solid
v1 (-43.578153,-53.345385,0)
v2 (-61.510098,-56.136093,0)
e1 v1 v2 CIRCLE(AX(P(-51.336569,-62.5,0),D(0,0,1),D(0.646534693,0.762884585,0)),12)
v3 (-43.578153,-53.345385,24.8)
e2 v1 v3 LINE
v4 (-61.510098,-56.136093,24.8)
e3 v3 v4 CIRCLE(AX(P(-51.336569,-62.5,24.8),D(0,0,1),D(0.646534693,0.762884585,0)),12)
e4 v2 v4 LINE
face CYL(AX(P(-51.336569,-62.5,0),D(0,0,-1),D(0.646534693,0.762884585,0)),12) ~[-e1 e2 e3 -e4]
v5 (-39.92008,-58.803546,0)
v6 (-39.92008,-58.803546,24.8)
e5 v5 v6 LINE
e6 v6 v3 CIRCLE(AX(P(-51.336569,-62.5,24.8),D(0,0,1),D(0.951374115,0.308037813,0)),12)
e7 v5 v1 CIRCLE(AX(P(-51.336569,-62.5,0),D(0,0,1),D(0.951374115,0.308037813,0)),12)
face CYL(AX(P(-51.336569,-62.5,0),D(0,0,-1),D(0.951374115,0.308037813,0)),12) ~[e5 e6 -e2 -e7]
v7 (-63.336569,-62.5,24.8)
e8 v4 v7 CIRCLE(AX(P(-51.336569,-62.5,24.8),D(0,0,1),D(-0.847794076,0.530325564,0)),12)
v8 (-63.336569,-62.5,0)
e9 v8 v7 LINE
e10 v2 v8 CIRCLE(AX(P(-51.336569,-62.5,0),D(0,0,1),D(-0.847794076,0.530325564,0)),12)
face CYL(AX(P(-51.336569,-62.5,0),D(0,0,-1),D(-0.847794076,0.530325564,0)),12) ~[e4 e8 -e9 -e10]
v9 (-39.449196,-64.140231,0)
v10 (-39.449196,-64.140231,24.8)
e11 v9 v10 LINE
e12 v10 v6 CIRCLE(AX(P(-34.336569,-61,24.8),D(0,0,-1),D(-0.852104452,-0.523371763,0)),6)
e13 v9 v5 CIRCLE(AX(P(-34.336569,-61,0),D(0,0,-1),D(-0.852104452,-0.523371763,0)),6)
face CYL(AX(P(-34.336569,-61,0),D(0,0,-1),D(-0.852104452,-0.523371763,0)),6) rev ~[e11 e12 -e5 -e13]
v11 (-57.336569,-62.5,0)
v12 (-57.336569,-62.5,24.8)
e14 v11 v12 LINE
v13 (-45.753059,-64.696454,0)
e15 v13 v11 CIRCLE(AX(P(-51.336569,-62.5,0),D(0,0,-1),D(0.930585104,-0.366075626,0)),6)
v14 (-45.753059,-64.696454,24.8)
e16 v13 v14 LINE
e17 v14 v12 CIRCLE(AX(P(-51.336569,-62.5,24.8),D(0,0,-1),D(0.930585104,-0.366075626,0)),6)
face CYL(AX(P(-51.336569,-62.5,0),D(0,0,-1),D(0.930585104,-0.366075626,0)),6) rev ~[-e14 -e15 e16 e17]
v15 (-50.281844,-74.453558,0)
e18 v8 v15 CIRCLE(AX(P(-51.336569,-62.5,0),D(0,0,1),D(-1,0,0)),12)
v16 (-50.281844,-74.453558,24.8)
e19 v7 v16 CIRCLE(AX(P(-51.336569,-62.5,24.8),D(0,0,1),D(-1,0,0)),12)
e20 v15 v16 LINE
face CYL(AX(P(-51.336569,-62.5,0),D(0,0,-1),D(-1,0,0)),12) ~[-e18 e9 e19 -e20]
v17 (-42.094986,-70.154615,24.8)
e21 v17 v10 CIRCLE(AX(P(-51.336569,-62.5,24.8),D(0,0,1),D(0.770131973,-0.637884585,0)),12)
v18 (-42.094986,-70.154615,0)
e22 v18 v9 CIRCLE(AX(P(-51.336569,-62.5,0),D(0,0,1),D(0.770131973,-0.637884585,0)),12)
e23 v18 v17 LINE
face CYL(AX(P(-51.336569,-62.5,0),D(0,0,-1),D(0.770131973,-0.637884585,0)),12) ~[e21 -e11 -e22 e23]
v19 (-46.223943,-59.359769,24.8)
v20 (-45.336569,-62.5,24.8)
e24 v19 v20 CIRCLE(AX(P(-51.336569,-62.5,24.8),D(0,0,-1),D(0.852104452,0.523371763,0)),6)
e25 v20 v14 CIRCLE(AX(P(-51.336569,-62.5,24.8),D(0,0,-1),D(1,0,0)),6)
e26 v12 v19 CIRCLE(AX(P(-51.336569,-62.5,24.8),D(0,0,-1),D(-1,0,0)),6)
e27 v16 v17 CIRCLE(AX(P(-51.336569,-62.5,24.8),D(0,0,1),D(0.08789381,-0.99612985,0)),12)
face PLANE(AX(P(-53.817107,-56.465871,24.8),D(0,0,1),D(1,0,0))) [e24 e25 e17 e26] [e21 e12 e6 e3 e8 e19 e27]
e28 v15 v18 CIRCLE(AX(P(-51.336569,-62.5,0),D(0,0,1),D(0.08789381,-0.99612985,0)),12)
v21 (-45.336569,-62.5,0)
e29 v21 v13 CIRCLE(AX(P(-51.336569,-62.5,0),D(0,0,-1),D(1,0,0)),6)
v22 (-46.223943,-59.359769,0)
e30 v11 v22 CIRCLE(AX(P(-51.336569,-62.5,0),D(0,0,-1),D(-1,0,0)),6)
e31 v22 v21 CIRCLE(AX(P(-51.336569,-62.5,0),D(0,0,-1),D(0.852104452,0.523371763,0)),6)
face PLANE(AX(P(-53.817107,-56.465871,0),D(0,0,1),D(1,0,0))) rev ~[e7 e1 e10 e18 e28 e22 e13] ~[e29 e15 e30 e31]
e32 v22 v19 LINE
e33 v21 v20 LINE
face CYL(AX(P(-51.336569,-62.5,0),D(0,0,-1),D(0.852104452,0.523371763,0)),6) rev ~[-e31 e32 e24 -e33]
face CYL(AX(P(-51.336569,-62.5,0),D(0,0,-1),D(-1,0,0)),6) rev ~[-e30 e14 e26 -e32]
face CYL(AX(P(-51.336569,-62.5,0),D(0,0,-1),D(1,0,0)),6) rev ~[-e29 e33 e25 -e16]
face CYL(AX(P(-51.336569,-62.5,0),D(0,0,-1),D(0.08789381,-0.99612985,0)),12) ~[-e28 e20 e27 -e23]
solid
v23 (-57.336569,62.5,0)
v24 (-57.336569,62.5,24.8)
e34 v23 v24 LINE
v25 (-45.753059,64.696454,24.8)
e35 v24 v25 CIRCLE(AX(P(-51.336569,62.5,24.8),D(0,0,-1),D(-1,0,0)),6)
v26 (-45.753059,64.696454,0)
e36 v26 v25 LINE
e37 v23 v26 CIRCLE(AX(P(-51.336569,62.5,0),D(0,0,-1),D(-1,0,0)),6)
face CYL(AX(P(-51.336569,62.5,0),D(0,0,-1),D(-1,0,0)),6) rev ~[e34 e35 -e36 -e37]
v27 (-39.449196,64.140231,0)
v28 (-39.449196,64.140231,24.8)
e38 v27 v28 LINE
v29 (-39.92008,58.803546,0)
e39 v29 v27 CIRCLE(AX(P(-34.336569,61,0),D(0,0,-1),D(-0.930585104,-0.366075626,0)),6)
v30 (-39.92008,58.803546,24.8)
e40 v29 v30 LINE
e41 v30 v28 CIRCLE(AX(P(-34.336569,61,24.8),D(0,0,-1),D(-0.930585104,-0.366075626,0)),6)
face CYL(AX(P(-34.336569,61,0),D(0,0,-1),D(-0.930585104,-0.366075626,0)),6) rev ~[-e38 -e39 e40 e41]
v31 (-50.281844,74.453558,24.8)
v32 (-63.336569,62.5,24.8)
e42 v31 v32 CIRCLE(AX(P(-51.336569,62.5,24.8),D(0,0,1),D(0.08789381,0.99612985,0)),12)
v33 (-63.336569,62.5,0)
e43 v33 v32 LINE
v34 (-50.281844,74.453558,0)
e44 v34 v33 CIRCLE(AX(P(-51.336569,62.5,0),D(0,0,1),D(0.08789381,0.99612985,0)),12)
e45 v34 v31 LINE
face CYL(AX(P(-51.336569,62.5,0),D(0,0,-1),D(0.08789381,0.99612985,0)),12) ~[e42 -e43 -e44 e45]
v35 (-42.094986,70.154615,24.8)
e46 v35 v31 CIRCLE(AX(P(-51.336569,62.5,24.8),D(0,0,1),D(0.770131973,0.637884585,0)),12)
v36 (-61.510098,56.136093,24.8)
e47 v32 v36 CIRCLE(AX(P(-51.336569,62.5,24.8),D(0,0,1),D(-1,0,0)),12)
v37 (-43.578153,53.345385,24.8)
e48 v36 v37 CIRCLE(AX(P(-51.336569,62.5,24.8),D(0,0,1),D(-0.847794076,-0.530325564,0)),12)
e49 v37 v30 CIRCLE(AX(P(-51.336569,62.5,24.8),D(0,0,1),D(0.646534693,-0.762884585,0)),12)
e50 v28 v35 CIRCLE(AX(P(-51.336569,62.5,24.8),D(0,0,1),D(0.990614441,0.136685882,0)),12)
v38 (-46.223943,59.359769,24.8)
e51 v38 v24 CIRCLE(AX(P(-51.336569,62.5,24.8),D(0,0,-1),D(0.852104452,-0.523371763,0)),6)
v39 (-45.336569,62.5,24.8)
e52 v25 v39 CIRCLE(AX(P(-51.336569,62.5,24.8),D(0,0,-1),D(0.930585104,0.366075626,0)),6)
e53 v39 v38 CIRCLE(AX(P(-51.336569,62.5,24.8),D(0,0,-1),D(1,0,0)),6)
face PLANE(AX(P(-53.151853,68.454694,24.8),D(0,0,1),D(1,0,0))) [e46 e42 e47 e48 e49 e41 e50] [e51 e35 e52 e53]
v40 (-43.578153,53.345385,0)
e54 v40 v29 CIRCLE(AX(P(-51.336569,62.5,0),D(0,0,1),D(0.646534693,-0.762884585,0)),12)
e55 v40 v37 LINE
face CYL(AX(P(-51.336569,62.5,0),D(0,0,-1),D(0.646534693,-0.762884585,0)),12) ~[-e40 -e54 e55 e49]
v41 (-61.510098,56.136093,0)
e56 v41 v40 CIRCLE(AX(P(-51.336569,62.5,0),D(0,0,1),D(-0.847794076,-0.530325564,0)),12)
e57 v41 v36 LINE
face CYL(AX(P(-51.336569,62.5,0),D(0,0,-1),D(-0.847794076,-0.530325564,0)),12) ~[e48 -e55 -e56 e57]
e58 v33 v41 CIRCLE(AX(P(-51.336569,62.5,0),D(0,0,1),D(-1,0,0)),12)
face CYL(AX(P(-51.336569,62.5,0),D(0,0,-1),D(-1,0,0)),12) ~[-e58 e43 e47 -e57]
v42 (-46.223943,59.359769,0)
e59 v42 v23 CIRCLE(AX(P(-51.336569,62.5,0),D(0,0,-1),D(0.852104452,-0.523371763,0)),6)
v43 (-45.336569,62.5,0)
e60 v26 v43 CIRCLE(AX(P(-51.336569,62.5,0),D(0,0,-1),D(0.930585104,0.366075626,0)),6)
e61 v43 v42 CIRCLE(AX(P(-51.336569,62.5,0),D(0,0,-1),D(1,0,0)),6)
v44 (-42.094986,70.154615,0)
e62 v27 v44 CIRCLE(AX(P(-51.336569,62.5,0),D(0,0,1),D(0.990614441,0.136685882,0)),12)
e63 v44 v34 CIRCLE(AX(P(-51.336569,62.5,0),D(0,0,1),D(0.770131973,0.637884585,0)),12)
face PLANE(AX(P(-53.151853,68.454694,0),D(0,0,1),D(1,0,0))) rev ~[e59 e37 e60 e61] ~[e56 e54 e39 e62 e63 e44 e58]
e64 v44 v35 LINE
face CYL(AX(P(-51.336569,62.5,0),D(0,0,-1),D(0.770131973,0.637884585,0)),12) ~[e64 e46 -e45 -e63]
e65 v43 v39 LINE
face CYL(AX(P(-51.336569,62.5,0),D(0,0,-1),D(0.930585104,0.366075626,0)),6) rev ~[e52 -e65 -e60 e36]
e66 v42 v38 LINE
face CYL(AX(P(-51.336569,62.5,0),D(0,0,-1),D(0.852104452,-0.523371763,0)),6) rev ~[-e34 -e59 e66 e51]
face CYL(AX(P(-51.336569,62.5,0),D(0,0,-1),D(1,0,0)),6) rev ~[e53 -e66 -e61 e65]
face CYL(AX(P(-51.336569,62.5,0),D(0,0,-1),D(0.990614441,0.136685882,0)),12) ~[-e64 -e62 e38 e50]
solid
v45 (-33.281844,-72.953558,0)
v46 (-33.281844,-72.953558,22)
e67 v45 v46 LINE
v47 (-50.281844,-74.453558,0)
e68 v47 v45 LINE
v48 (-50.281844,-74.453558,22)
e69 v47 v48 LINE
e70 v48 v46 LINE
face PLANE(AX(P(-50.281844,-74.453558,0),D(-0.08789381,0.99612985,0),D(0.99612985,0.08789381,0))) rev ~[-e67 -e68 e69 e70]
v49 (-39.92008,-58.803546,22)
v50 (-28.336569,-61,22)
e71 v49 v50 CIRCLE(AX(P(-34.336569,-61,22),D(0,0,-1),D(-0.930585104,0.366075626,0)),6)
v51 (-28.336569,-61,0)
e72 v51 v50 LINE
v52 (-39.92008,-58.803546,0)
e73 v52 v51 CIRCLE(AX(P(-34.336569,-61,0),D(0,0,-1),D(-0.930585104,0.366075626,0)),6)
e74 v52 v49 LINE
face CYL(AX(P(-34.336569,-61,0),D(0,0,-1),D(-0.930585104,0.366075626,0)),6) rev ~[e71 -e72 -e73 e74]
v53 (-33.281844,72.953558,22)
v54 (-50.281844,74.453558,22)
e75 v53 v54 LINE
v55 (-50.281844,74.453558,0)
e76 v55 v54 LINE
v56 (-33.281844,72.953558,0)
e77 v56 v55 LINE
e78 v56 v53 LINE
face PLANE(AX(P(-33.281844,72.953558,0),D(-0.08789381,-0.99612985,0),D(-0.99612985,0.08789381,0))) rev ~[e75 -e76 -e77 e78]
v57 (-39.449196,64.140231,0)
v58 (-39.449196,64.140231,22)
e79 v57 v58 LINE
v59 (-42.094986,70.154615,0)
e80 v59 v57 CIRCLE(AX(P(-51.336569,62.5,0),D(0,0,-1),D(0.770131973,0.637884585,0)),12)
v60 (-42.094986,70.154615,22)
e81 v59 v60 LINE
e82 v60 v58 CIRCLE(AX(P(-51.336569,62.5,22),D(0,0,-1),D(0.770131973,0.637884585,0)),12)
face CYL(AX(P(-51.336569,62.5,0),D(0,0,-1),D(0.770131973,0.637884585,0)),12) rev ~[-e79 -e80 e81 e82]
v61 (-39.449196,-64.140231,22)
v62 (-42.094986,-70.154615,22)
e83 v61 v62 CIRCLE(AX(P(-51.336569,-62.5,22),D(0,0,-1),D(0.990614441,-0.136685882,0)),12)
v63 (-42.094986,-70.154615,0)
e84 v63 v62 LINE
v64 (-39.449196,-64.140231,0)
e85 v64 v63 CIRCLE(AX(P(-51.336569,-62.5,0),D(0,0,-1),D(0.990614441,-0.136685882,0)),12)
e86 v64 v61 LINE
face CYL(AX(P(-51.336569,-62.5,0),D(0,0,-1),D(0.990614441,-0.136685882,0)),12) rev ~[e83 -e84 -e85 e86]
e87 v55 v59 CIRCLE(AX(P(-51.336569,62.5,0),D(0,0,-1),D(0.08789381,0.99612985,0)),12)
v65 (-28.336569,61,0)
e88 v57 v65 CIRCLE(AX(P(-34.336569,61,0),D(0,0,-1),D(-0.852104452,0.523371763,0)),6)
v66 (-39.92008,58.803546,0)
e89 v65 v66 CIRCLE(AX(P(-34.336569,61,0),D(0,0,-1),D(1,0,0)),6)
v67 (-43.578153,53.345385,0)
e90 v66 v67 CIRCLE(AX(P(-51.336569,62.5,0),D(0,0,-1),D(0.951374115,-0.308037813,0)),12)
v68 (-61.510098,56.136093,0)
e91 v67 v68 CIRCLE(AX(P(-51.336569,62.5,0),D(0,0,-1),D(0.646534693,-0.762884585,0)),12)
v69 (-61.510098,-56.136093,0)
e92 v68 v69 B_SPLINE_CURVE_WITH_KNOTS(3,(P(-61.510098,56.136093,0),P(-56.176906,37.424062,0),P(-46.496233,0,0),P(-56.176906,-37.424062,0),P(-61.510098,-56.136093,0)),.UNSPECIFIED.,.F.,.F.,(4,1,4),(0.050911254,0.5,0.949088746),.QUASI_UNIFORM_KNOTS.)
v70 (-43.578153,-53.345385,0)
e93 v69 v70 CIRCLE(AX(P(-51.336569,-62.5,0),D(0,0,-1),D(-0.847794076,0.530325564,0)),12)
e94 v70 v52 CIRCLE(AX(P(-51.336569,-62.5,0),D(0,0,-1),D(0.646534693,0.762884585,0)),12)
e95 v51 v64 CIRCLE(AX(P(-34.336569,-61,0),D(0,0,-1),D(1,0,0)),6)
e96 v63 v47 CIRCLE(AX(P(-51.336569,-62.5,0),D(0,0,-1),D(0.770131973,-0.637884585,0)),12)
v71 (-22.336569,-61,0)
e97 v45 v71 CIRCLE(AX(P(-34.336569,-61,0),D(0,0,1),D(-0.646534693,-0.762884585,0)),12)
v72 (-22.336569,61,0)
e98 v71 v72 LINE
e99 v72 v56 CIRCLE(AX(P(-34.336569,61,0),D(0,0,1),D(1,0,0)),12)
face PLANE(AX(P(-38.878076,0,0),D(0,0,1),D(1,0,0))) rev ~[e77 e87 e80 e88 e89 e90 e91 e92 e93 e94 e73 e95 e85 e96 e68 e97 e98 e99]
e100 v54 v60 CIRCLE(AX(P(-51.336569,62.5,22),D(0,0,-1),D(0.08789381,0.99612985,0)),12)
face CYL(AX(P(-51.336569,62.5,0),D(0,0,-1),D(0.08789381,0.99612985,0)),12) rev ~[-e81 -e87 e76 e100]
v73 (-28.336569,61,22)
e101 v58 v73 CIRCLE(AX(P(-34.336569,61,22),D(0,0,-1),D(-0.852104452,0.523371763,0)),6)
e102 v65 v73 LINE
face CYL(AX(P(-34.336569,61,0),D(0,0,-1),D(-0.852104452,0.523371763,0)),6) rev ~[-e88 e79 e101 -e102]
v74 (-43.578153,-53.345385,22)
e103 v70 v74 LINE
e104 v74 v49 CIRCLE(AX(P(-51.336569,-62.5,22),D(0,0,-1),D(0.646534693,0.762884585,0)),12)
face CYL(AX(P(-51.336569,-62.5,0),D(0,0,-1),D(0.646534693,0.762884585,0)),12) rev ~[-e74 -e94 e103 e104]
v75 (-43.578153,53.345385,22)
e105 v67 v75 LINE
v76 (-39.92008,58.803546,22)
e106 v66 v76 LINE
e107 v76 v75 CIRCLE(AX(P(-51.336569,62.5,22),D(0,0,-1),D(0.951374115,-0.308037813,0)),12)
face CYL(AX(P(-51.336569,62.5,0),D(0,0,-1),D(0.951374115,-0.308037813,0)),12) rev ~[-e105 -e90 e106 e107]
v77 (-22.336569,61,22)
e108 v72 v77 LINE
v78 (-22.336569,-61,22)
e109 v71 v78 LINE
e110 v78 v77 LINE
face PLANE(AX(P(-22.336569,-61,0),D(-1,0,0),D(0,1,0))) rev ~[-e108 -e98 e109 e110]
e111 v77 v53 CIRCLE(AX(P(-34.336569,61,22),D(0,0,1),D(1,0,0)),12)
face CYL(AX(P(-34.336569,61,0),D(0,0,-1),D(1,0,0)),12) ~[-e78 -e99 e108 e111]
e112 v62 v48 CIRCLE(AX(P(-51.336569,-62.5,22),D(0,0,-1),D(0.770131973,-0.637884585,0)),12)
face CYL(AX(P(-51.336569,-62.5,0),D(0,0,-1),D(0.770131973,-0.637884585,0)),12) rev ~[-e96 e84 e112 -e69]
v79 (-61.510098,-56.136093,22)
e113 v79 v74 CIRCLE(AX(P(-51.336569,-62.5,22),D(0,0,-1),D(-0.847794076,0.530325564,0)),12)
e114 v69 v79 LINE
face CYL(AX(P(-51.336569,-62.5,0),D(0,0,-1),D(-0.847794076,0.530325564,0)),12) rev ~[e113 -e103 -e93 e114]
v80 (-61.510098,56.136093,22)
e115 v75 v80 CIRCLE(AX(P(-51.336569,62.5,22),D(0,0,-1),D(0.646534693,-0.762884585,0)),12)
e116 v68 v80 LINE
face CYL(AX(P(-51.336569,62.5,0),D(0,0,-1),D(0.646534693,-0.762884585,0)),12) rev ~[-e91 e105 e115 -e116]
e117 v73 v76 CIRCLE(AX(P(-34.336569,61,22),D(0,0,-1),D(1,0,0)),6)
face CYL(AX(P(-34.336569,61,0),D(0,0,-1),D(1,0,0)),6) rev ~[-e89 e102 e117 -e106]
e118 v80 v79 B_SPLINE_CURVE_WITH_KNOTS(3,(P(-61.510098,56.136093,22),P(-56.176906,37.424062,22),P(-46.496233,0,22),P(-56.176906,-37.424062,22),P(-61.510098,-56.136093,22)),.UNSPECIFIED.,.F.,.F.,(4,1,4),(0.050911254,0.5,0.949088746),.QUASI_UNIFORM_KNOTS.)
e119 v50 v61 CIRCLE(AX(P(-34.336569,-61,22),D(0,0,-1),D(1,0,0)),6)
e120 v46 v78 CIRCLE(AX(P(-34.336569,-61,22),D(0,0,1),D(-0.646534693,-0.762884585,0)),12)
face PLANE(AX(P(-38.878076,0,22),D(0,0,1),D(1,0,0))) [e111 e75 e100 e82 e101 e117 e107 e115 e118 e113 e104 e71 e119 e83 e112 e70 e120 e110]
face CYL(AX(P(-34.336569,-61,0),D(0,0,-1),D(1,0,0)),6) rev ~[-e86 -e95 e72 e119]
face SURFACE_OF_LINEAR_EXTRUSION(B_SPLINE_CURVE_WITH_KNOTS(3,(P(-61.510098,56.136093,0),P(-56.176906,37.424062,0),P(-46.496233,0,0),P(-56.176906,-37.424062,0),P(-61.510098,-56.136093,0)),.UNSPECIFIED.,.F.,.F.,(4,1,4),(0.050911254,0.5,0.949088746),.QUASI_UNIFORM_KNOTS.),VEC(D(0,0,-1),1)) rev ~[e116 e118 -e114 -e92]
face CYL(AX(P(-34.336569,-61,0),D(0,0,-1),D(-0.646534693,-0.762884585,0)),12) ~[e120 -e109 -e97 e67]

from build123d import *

# Parameters (mm, degrees)
F1_DEPTH = 24.8
F2_DEPTH = 22


with BuildPart() as f1:
    # F0 (on Top) → F1 (new body)
    with BuildSketch(Plane.XY):
        with BuildLine():
            ThreePointArc((-45.7530588014, 64.6964537546), (-44.3048758636, 67.6807833959), (-42.0949857485, 70.1546150208))
            ThreePointArc((-42.0949857485, 70.1546150208), (-45.7577053005, 73.1243246873), (-50.2818437032, 74.4535582003))
            ThreePointArc((-50.2818437032, 74.4535582003), (-59.4403738209, 71.3503307476), (-63.3365694268, 62.5))
            Line((-63.3365694268, 62.5), (-57.3365694268, 62.5))
            ThreePointArc((-57.3365694268, 62.5), (-52.4543655279, 68.3949581743), (-45.7530588014, 64.6964537546))
        make_face()
        with BuildLine():
            ThreePointArc((-61.5100983435, 56.1360932298), (-53.1818892762, 50.642732412), (-43.5781531051, 53.3453849792))
            ThreePointArc((-43.5781531051, 53.3453849792), (-45.3207130283, 56.1679621957), (-46.2239427131, 59.3597694214))
            ThreePointArc((-46.2239427131, 59.3597694214), (-52.9681698249, 56.7261035564), (-57.3365694268, 62.5))
            Line((-57.3365694268, 62.5), (-63.3365694268, 62.5))
            add(Edge.make_bspline(
                [(-63.3365694268, 62.5), (-62.7256343768, 60.3786977433), (-62.1146993269, 58.2573954865), (-61.5100983436, 56.1360932298)],
                knots=[0, 0, 0, 0, 0.0509112542, 0.0509112542, 0.0509112542, 0.0509112542], degree=3))
        make_face()
        with BuildLine():
            ThreePointArc((-39.9200800522, 58.8035462454), (-40.3133485269, 61.5273628618), (-39.4491961404, 64.1402305786))
            ThreePointArc((-39.4491961404, 64.1402305786), (-40.3524258253, 67.3320378043), (-42.0949857485, 70.1546150208))
            ThreePointArc((-42.0949857485, 70.1546150208), (-44.3048758636, 67.6807833959), (-45.7530588014, 64.6964537546))
            ThreePointArc((-45.7530588014, 64.6964537546), (-45.4416112525, 63.6177961012), (-45.3365694268, 62.5))
            ThreePointArc((-45.3365694268, 62.5), (-45.5626729832, 60.8683996019), (-46.2239427131, 59.3597694214))
            ThreePointArc((-46.2239427131, 59.3597694214), (-45.3207130283, 56.1679621957), (-43.5781531051, 53.3453849792))
            ThreePointArc((-43.5781531051, 53.3453849792), (-41.36826299, 55.8192166041), (-39.9200800522, 58.8035462454))
        make_face()
        with BuildLine():
            ThreePointArc((-63.3365694268, 62.5), (-62.870916981, 59.1895881677), (-61.5100983435, 56.1360932298))
            add(Edge.make_bspline(
                [(-63.3365694268, 62.5), (-62.7256343768, 60.3786977433), (-62.1146993269, 58.2573954865), (-61.5100983436, 56.1360932298)],
                knots=[0, 0, 0, 0, 0.0509112542, 0.0509112542, 0.0509112542, 0.0509112542], degree=3))
        make_face()
    extrude(amount=F1_DEPTH)


with BuildPart() as f1b:
    # F0 (on Top) → F1, piece 2 (new body)
    with BuildSketch(Plane.XY):
        with BuildLine():
            ThreePointArc((-43.5781531051, -53.3453849792), (-53.1818892762, -50.642732412), (-61.5100983435, -56.1360932298))
            add(Edge.make_bspline(
                [(-61.5100983436, -56.1360932298), (-62.1146993269, -58.2573954865), (-62.7256343768, -60.3786977433), (-63.3365694268, -62.5)],
                knots=[0.9490887458, 0.9490887458, 0.9490887458, 0.9490887458, 1, 1, 1, 1], degree=3))
            Line((-63.3365694268, -62.5), (-57.3365694268, -62.5))
            ThreePointArc((-57.3365694268, -62.5), (-52.9681698249, -56.7261035564), (-46.2239427131, -59.3597694214))
            ThreePointArc((-46.2239427131, -59.3597694214), (-45.3207130283, -56.1679621957), (-43.5781531051, -53.3453849792))
        make_face()
        with BuildLine():
            add(Edge.make_bspline(
                [(-61.5100983436, -56.1360932298), (-62.1146993269, -58.2573954865), (-62.7256343768, -60.3786977433), (-63.3365694268, -62.5)],
                knots=[0.9490887458, 0.9490887458, 0.9490887458, 0.9490887458, 1, 1, 1, 1], degree=3))
            ThreePointArc((-61.5100983435, -56.1360932298), (-62.870916981, -59.1895881677), (-63.3365694268, -62.5))
        make_face()
        with BuildLine():
            Line((-57.3365694268, -62.5), (-63.3365694268, -62.5))
            ThreePointArc((-63.3365694268, -62.5), (-59.4403738209, -71.3503307476), (-50.2818437032, -74.4535582003))
            ThreePointArc((-50.2818437032, -74.4535582003), (-45.7577053005, -73.1243246873), (-42.0949857485, -70.1546150208))
            ThreePointArc((-42.0949857485, -70.1546150208), (-44.3048758636, -67.6807833959), (-45.7530588014, -64.6964537546))
            ThreePointArc((-45.7530588014, -64.6964537546), (-52.4543655279, -68.3949581743), (-57.3365694268, -62.5))
        make_face()
        with BuildLine():
            ThreePointArc((-39.9200800522, -58.8035462454), (-41.36826299, -55.8192166041), (-43.5781531051, -53.3453849792))
            ThreePointArc((-43.5781531051, -53.3453849792), (-45.3207130283, -56.1679621957), (-46.2239427131, -59.3597694214))
            ThreePointArc((-46.2239427131, -59.3597694214), (-45.5626729832, -60.8683996019), (-45.3365694268, -62.5))
            ThreePointArc((-45.3365694268, -62.5), (-45.4416112525, -63.6177961012), (-45.7530588014, -64.6964537546))
            ThreePointArc((-45.7530588014, -64.6964537546), (-44.3048758636, -67.6807833959), (-42.0949857485, -70.1546150208))
            ThreePointArc((-42.0949857485, -70.1546150208), (-40.3524258253, -67.3320378043), (-39.4491961404, -64.1402305786))
            ThreePointArc((-39.4491961404, -64.1402305786), (-40.3133485269, -61.5273628618), (-39.9200800522, -58.8035462454))
        make_face()
    extrude(amount=F1_DEPTH)


with BuildPart() as f2:
    # F0 (on Top) → F2 (new body)
    with BuildSketch(Plane.XY):
        with BuildLine():
            ThreePointArc((-22.3365694268, 61), (-30.2683391076, 49.7106465167), (-43.5781531051, 53.3453849792))
            ThreePointArc((-43.5781531051, 53.3453849792), (-53.1818892762, 50.642732412), (-61.5100983435, 56.1360932298))
            add(Edge.make_bspline(
                [(-61.5100983436, 56.1360932298), (-56.1769062661, 37.4240621532), (-46.4962325874, 0), (-56.1769062661, -37.4240621532), (-61.5100983436, -56.1360932298)],
                knots=[0.0509112542, 0.0509112542, 0.0509112542, 0.0509112542, 0.5, 0.9490887458, 0.9490887458, 0.9490887458, 0.9490887458], degree=3))
            ThreePointArc((-61.5100983435, -56.1360932298), (-53.1818892762, -50.642732412), (-43.5781531051, -53.3453849792))
            ThreePointArc((-43.5781531051, -53.3453849792), (-30.2683391076, -49.7106465167), (-22.3365694268, -61))
            Line((-22.3365694268, -61), (-22.3365694268, 61))
        make_face()
        with BuildLine():
            Line((-28.3365694268, -61), (-22.3365694268, -61))
            ThreePointArc((-22.3365694268, -61), (-30.2683391076, -49.7106465167), (-43.5781531051, -53.3453849792))
            ThreePointArc((-43.5781531051, -53.3453849792), (-41.36826299, -55.8192166041), (-39.9200800522, -58.8035462454))
            ThreePointArc((-39.9200800522, -58.8035462454), (-33.2187733256, -55.1050418257), (-28.3365694268, -61))
        make_face()
        with BuildLine():
            ThreePointArc((-33.2818437032, -72.9535582003), (-25.4862386792, -69.1038043942), (-22.3365694268, -61))
            Line((-22.3365694268, -61), (-28.3365694268, -61))
            ThreePointArc((-28.3365694268, -61), (-32.7049690287, -66.7738964436), (-39.4491961404, -64.1402305786))
            ThreePointArc((-39.4491961404, -64.1402305786), (-40.3524258253, -67.3320378043), (-42.0949857485, -70.1546150208))
            ThreePointArc((-42.0949857485, -70.1546150208), (-37.9688397415, -72.4370718438), (-33.2818437032, -72.9535582003))
        make_face()
        with BuildLine():
            ThreePointArc((-39.4491961404, 64.1402305786), (-32.7049690287, 66.7738964436), (-28.3365694268, 61))
            ThreePointArc((-28.3365694268, 61), (-33.2187733256, 55.1050418257), (-39.9200800522, 58.8035462454))
            ThreePointArc((-39.9200800522, 58.8035462454), (-41.36826299, 55.8192166041), (-43.5781531051, 53.3453849792))
            ThreePointArc((-43.5781531051, 53.3453849792), (-30.2683391076, 49.7106465167), (-22.3365694268, 61))
            ThreePointArc((-22.3365694268, 61), (-25.4862386792, 69.1038043942), (-33.2818437032, 72.9535582003))
            ThreePointArc((-33.2818437032, 72.9535582003), (-37.9688397415, 72.4370718438), (-42.0949857485, 70.1546150208))
            ThreePointArc((-42.0949857485, 70.1546150208), (-40.3524258253, 67.3320378043), (-39.4491961404, 64.1402305786))
        make_face()
        with BuildLine():
            Line((-50.2818437032, -74.4535582003), (-33.2818437032, -72.9535582003))
            ThreePointArc((-33.2818437032, -72.9535582003), (-37.9688397415, -72.4370718438), (-42.0949857485, -70.1546150208))
            ThreePointArc((-42.0949857485, -70.1546150208), (-45.7577053005, -73.1243246873), (-50.2818437032, -74.4535582003))
        make_face()
        with BuildLine():
            ThreePointArc((-50.2818437032, 74.4535582003), (-45.7577053005, 73.1243246873), (-42.0949857485, 70.1546150208))
            ThreePointArc((-42.0949857485, 70.1546150208), (-37.9688397415, 72.4370718438), (-33.2818437032, 72.9535582003))
            Line((-33.2818437032, 72.9535582003), (-50.2818437032, 74.4535582003))
        make_face()
    extrude(amount=F2_DEPTH)


solid = Compound([f1.part, f1b.part, f2.part])
